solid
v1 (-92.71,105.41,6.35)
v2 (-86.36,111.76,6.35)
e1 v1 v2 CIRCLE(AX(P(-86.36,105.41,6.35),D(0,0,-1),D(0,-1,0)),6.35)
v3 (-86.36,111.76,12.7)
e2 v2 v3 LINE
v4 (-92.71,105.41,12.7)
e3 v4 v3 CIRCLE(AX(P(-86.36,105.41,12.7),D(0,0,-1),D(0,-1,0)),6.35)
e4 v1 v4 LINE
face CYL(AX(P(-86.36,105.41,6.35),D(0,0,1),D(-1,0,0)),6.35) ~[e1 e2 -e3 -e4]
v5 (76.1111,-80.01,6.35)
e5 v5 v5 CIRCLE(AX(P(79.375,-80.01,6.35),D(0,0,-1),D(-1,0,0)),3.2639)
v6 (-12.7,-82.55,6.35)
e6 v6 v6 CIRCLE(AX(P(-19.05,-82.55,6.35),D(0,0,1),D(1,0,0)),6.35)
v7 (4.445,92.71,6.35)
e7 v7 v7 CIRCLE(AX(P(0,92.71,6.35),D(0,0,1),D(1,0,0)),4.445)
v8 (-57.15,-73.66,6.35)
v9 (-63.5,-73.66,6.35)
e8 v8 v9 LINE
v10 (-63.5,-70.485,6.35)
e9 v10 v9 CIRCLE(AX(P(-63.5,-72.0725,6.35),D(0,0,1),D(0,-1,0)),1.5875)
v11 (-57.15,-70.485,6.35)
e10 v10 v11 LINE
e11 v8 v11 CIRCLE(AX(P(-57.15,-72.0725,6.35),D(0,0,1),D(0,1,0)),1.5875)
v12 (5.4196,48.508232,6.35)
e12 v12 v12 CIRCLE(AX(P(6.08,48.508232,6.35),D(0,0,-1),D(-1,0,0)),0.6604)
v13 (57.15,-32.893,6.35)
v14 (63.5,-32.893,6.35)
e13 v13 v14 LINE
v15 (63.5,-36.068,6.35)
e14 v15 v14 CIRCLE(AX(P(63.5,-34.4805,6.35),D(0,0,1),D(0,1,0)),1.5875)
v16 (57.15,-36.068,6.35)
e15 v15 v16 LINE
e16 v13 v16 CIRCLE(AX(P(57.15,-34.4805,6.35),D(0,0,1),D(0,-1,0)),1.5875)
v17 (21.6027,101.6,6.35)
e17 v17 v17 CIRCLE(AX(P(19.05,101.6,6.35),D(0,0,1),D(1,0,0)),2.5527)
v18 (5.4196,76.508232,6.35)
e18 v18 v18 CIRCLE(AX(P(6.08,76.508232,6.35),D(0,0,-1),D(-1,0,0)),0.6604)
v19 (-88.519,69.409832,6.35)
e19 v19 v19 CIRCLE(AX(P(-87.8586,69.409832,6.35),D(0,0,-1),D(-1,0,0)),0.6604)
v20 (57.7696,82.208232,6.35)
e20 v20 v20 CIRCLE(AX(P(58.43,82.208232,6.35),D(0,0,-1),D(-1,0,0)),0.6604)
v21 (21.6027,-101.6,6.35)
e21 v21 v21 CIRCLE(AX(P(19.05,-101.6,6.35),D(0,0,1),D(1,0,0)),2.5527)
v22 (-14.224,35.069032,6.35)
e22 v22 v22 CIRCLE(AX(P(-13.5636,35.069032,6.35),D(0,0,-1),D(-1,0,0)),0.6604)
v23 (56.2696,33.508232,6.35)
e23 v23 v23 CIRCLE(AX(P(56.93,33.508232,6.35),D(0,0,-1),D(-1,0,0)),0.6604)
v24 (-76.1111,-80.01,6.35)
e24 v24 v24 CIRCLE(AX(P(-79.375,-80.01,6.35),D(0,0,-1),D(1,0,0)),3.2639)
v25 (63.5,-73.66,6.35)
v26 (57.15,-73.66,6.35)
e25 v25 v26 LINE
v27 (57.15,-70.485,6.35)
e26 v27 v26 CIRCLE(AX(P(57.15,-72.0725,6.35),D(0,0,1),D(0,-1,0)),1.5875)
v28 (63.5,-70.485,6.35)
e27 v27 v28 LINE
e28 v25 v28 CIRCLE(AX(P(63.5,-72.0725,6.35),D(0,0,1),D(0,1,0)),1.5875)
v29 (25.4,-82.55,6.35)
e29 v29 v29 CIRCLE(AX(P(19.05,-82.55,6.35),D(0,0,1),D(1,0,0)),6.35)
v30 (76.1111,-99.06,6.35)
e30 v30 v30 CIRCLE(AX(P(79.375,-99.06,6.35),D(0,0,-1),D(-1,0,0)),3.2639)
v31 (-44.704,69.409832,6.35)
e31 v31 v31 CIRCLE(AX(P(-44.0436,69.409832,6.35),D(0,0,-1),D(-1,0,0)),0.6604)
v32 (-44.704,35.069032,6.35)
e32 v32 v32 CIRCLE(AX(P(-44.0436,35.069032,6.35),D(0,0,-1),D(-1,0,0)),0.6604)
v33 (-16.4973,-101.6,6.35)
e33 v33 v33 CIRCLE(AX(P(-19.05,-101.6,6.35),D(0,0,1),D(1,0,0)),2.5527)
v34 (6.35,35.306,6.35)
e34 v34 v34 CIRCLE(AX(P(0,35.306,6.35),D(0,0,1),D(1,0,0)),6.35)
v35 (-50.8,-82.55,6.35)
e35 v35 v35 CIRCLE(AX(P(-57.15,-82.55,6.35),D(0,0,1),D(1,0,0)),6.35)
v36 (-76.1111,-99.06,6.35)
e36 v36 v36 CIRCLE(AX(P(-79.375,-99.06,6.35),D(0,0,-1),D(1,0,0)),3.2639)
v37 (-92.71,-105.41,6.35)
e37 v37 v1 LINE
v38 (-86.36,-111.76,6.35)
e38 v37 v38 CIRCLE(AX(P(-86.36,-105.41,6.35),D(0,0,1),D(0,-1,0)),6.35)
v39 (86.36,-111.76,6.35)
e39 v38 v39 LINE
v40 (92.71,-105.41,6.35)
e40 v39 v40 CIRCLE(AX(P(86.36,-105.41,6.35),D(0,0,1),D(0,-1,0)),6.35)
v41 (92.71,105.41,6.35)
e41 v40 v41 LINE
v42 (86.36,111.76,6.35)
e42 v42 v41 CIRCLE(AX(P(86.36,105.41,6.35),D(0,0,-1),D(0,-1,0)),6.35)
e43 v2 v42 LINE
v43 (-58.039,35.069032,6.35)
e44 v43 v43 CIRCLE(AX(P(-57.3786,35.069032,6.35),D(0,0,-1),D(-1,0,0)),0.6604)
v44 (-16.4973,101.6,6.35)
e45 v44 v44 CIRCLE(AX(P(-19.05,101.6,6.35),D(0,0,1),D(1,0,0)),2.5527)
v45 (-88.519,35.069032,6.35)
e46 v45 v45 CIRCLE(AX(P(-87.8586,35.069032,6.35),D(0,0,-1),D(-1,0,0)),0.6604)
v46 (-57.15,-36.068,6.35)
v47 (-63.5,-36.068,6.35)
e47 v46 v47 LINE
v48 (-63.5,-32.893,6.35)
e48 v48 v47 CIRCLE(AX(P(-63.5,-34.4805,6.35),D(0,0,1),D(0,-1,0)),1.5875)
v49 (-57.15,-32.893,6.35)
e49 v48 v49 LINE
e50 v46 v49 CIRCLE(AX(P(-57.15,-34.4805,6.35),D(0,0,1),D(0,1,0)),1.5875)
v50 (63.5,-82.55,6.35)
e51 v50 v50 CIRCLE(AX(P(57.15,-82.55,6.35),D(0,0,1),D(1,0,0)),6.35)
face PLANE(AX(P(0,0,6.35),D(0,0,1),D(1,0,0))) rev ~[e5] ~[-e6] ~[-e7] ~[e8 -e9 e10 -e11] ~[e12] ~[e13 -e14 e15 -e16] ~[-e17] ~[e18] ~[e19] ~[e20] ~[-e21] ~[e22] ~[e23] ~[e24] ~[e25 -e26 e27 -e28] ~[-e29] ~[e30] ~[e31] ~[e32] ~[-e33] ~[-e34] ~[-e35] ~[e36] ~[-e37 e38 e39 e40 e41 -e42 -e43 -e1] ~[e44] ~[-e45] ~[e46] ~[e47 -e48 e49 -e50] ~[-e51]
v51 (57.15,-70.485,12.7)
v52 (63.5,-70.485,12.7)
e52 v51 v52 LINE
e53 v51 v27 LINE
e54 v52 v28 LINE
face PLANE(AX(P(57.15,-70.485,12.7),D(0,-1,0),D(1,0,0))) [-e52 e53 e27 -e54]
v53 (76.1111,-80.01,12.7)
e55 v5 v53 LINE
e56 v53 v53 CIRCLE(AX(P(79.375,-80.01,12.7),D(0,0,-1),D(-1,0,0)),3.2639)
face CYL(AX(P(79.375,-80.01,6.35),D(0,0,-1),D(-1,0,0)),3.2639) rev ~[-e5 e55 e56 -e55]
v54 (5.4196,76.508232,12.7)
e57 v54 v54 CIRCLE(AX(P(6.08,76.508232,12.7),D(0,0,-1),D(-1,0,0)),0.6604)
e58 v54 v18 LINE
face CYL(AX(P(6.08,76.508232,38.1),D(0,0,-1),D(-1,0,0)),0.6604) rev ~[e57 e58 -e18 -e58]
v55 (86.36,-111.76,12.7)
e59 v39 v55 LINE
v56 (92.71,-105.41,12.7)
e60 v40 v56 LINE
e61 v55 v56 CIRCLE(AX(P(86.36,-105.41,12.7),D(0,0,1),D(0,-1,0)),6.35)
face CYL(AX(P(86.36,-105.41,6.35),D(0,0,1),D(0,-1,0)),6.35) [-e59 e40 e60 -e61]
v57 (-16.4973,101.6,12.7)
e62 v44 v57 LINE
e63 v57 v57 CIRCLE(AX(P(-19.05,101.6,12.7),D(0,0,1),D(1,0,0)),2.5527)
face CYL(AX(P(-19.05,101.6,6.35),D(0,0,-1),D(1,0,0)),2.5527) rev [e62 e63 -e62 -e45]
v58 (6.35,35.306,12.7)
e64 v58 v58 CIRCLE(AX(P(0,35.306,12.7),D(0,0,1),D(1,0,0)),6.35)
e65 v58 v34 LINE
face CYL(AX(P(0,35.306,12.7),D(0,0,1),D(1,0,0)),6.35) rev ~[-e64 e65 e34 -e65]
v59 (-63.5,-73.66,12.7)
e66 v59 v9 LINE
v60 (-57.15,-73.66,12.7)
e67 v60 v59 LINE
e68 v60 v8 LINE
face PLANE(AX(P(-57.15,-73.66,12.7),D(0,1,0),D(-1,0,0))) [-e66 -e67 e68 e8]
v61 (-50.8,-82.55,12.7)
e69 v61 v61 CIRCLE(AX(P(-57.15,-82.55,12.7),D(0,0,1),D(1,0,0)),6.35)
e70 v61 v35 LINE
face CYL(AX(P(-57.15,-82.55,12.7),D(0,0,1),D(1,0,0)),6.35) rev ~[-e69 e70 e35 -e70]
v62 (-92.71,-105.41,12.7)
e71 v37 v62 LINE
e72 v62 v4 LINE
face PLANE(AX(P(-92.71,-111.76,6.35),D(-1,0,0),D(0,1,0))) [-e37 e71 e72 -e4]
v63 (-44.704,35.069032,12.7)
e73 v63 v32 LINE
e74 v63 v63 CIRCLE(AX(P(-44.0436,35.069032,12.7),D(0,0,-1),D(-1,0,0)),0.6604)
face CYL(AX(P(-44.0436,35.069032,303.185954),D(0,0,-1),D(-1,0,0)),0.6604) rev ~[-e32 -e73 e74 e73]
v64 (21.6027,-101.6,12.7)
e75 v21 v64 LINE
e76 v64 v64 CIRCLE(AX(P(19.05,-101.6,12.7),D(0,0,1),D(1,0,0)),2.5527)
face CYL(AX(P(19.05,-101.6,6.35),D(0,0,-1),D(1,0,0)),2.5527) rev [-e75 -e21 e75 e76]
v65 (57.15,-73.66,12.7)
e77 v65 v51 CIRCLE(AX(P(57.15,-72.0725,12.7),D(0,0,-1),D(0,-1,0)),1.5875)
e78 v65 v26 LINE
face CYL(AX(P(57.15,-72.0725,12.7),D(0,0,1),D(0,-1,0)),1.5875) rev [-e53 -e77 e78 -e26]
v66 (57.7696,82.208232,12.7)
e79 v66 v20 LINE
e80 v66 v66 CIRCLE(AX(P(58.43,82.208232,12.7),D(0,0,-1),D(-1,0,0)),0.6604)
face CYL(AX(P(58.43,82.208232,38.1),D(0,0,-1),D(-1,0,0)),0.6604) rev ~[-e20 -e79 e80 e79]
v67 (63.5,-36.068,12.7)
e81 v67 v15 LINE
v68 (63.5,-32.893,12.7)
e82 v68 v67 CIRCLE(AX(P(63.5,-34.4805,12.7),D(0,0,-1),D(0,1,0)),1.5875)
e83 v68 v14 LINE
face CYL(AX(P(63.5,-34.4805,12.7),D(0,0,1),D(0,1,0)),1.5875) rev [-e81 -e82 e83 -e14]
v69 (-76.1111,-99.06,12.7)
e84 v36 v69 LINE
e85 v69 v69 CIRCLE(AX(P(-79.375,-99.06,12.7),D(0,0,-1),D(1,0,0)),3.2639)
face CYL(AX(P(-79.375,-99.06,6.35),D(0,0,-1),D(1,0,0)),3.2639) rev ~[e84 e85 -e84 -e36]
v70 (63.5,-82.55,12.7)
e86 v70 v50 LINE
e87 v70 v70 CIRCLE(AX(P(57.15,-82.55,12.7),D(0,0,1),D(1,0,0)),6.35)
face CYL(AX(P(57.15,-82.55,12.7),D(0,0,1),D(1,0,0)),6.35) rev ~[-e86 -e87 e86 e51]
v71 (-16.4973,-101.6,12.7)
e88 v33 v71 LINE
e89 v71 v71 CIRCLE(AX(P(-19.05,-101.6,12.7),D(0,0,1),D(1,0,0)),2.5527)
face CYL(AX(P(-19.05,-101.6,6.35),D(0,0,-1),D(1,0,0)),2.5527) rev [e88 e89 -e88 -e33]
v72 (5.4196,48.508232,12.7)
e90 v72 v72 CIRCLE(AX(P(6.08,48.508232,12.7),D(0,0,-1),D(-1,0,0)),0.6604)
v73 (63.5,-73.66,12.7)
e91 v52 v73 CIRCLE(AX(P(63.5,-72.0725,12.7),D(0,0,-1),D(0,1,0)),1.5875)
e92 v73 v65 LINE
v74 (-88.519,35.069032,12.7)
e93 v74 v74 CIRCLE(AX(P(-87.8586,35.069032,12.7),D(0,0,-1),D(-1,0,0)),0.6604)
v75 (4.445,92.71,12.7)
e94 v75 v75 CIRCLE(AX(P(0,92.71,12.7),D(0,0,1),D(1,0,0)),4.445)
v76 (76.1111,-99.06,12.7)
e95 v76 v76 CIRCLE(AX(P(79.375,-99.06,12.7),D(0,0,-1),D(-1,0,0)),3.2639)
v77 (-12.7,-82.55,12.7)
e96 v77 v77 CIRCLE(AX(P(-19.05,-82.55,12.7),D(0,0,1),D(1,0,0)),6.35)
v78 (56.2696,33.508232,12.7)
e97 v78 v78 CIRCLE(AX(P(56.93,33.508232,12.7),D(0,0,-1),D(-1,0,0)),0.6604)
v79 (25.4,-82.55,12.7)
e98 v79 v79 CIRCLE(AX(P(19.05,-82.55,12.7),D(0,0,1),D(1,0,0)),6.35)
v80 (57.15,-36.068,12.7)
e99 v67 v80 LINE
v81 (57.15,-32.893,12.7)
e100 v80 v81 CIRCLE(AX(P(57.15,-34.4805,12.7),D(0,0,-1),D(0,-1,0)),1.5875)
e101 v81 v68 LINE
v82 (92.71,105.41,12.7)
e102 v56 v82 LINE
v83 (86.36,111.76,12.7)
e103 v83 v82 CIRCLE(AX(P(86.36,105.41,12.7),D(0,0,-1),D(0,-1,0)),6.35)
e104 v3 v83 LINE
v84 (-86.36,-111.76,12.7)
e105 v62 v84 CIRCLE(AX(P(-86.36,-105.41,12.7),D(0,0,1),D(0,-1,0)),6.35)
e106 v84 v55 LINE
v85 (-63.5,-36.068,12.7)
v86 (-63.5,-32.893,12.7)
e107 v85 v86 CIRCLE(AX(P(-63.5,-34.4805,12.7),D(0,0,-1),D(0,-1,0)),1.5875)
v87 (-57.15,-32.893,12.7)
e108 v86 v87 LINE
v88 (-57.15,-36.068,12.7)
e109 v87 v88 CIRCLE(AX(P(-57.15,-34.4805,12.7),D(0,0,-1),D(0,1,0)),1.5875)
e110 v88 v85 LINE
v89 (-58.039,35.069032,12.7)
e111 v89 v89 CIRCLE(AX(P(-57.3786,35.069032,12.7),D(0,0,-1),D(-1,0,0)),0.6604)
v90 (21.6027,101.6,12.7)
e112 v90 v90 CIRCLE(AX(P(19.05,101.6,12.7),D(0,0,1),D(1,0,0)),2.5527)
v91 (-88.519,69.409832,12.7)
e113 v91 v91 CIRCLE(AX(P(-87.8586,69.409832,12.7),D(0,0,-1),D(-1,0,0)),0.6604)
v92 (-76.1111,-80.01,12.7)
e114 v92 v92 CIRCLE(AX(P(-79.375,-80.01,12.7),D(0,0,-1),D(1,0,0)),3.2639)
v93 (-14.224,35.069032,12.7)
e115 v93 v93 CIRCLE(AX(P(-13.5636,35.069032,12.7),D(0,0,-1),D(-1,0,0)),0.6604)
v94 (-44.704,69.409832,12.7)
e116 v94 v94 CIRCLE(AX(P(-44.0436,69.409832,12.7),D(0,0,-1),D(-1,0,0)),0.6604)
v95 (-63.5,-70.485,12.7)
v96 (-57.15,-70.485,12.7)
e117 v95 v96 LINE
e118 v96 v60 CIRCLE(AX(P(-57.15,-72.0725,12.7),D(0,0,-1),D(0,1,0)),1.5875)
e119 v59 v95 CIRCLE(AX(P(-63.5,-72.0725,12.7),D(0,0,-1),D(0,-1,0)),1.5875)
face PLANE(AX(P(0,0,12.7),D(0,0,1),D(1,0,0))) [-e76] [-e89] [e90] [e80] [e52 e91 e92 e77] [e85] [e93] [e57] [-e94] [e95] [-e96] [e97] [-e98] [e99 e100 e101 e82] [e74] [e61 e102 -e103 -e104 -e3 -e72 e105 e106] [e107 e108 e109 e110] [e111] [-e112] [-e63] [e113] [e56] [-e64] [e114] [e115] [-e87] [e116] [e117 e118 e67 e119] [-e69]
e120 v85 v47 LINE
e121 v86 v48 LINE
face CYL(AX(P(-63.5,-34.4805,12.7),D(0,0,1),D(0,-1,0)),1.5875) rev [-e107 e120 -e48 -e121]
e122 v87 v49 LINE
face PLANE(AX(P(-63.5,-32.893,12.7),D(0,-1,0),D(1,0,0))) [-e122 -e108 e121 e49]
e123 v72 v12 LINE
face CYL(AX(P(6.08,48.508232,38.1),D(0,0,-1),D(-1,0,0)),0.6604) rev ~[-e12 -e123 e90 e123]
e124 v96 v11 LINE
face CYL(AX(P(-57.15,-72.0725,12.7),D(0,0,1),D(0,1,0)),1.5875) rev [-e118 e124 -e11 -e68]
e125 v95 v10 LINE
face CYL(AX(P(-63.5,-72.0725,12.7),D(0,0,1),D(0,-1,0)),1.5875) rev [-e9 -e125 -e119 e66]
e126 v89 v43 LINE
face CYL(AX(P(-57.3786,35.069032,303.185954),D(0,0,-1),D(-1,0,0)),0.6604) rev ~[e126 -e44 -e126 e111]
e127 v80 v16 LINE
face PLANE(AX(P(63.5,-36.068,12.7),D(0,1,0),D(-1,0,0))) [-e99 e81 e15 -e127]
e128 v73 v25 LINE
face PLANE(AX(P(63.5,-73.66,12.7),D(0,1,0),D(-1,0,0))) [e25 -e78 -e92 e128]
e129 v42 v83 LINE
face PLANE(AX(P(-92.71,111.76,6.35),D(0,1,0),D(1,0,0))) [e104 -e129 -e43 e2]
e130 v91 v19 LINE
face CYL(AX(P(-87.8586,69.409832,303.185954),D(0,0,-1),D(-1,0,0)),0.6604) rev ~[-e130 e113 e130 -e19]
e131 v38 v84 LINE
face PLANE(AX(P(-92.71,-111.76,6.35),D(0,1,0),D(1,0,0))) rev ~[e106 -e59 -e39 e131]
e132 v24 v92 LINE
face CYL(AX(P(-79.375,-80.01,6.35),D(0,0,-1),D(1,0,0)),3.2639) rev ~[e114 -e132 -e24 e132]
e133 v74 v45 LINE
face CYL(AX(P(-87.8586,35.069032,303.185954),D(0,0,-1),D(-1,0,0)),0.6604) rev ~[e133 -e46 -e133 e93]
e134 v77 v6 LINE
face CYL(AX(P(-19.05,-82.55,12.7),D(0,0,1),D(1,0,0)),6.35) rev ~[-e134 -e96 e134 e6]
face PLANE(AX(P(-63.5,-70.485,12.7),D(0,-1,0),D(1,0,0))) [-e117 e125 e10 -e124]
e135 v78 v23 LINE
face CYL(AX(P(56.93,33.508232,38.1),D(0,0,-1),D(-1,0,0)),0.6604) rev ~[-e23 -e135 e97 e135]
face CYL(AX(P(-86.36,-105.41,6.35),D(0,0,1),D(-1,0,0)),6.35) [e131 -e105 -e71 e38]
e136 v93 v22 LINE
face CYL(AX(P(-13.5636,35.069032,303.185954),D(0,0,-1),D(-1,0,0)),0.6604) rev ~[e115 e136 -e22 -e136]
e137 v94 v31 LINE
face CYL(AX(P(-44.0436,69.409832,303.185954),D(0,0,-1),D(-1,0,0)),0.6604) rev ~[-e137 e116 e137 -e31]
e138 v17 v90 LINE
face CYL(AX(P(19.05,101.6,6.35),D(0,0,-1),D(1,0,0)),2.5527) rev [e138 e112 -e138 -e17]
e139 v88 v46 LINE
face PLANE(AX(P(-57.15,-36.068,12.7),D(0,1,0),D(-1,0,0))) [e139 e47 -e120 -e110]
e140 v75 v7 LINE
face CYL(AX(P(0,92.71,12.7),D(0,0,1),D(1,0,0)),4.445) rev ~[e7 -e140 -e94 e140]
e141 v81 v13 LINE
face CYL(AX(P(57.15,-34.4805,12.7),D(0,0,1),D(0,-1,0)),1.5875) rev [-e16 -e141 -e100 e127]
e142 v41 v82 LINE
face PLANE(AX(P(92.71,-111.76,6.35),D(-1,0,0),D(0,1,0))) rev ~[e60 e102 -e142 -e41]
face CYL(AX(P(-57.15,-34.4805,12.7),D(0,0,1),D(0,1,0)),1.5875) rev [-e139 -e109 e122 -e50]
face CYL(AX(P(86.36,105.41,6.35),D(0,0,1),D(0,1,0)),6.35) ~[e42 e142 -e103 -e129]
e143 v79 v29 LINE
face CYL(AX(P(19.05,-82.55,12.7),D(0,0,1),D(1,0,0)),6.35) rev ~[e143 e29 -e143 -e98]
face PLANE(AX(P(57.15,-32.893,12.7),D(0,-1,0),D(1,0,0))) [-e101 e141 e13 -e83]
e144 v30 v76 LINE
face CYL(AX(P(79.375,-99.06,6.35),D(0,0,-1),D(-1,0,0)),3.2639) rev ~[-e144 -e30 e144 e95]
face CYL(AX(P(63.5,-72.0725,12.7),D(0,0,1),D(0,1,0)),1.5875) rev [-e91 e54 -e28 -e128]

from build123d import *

# Parameters (mm, degrees)
SKETCH2_W                       = 185.42
SKETCH2_H                       = 223.52
SKETCH2_R                       = 2.5527
BOSS_EXTRUDE1_DEPTH             = 6.35
FILLET2_R                       = 6.35
SKETCH5_R                       = 4.445
CUT_EXTRUDE3_DEPTH              = 146.347047442
SKETCH6_R                       = 3.2639
CUT_EXTRUDE6_DEPTH              = 146.347047442
SKETCH8_R                       = 6.35
CUT_EXTRUDE7_DEPTH              = 146.347047442
F_55_0_052_DIAMETER_HOLE1_D     = 1.3208
F_55_0_052_DIAMETER_HOLE2_D     = 1.3208
F_55_0_052_DIAMETER_HOLE2_DEPTH = 25.4
F_55_0_052_DIAMETER_HOLE2_TIP   = 0.396808353


with BuildPart() as part:
    # Sketch2 → Boss-Extrude1 (new body)
    with BuildSketch(Plane.XY.offset(6.35)):
        Rectangle(SKETCH2_W, SKETCH2_H)
        with Locations((-19.05, 101.6)):
            Circle(SKETCH2_R, mode=Mode.SUBTRACT)
        with Locations((19.05, 101.6)):
            Circle(SKETCH2_R, mode=Mode.SUBTRACT)
        with Locations((-19.05, -101.6)):
            Circle(SKETCH2_R, mode=Mode.SUBTRACT)
        with Locations((19.05, -101.6)):
            Circle(SKETCH2_R, mode=Mode.SUBTRACT)
    extrude(amount=BOSS_EXTRUDE1_DEPTH)

    # Fillet2
    fillet2_edges = [part.edges().sort_by_distance(p)[0] for p in [
        (-92.71, 111.76, 9.525),
        (92.71, 111.76, 9.525),
        (92.71, -111.76, 9.525),
        (-92.71, -111.76, 9.525),
    ]]
    fillet(fillet2_edges, radius=FILLET2_R)

    # Sketch5 → Cut-Extrude3 (cut, through all)
    with BuildSketch(Plane.XY.offset(12.7)):
        with Locations((0, 92.71)):
            Circle(SKETCH5_R)
    extrude(amount=-CUT_EXTRUDE3_DEPTH, mode=Mode.SUBTRACT)

    # Sketch6 → Cut-Extrude6 (cut, through all)
    with BuildSketch(Plane(origin=(0, 0, 6.35), x_dir=(-1, 0, 0), z_dir=(0, 0, -1))):
        with Locations((-79.375, -80.01)):
            Circle(SKETCH6_R)
        with Locations(Location((79.375, -80.01, 0), (0, 0, 180))):
            Circle(SKETCH6_R)
        with Locations((-79.375, -99.06)):
            Circle(SKETCH6_R)
        with Locations(Location((79.375, -99.06, 0), (0, 0, 180))):
            Circle(SKETCH6_R)
    extrude(amount=-CUT_EXTRUDE6_DEPTH, mode=Mode.SUBTRACT)

    # Sketch8 → Cut-Extrude7 (cut, through all)
    with BuildSketch(Plane.XY.offset(12.7)):
        with Locations((0, 35.306)):
            Circle(SKETCH8_R)
        with Locations((57.15, -82.55)):
            Circle(SKETCH8_R)
        with Locations((19.05, -82.55)):
            Circle(SKETCH8_R)
        with Locations((-19.05, -82.55)):
            Circle(SKETCH8_R)
        with Locations((-57.15, -82.55)):
            Circle(SKETCH8_R)
        with BuildLine():
            Line((63.5, -36.068), (57.15, -36.068))
            ThreePointArc((57.15, -36.068), (55.5625, -34.4805), (57.15, -32.893))
            Line((57.15, -32.893), (63.5, -32.893))
            ThreePointArc((63.5, -32.893), (65.0875, -34.4805), (63.5, -36.068))
        make_face()
        with BuildLine():
            Line((-57.15, -36.068), (-63.5, -36.068))
            ThreePointArc((-63.5, -36.068), (-65.0875, -34.4805), (-63.5, -32.893))
            Line((-63.5, -32.893), (-57.15, -32.893))
            ThreePointArc((-57.15, -32.893), (-55.5625, -34.4805), (-57.15, -36.068))
        make_face()
        with BuildLine():
            Line((-57.15, -73.66), (-63.5, -73.66))
            ThreePointArc((-63.5, -73.66), (-65.0875, -72.0725), (-63.5, -70.485))
            Line((-63.5, -70.485), (-57.15, -70.485))
            ThreePointArc((-57.15, -70.485), (-55.5625, -72.0725), (-57.15, -73.66))
        make_face()
        with BuildLine():
            Line((57.15, -70.485), (63.5, -70.485))
            ThreePointArc((63.5, -70.485), (65.0875, -72.0725), (63.5, -73.66))
            Line((63.5, -73.66), (57.15, -73.66))
            ThreePointArc((57.15, -73.66), (55.5625, -72.0725), (57.15, -70.485))
        make_face()
    extrude(amount=-CUT_EXTRUDE7_DEPTH, mode=Mode.SUBTRACT)

    # #55 (0.052) Diameter Hole1 (through all)
    with Locations(Plane.XY.offset(12.7)):
        with Locations((-13.5636, 35.069031778), (-44.0436, 35.069031778), (-57.3786, 35.069031778), (-44.0436, 69.409831778), (-87.8586, 35.069031778), (-87.8586, 69.409831778)):
            Hole(F_55_0_052_DIAMETER_HOLE1_D / 2)

    # #55 (0.052) Diameter Hole2
    with Locations(Plane.XY.offset(12.7)):
        with Locations((6.08, 48.508231778), (6.08, 76.508231778), (58.43, 82.208231778), (56.93, 33.508231778)):
            Hole(F_55_0_052_DIAMETER_HOLE2_D / 2, depth=F_55_0_052_DIAMETER_HOLE2_DEPTH)
            with Locations((0, 0, -(F_55_0_052_DIAMETER_HOLE2_DEPTH + F_55_0_052_DIAMETER_HOLE2_TIP / 2))):  # 118° drill point
                Cone(0, F_55_0_052_DIAMETER_HOLE2_D / 2, F_55_0_052_DIAMETER_HOLE2_TIP, mode=Mode.SUBTRACT)


solid = part.part
